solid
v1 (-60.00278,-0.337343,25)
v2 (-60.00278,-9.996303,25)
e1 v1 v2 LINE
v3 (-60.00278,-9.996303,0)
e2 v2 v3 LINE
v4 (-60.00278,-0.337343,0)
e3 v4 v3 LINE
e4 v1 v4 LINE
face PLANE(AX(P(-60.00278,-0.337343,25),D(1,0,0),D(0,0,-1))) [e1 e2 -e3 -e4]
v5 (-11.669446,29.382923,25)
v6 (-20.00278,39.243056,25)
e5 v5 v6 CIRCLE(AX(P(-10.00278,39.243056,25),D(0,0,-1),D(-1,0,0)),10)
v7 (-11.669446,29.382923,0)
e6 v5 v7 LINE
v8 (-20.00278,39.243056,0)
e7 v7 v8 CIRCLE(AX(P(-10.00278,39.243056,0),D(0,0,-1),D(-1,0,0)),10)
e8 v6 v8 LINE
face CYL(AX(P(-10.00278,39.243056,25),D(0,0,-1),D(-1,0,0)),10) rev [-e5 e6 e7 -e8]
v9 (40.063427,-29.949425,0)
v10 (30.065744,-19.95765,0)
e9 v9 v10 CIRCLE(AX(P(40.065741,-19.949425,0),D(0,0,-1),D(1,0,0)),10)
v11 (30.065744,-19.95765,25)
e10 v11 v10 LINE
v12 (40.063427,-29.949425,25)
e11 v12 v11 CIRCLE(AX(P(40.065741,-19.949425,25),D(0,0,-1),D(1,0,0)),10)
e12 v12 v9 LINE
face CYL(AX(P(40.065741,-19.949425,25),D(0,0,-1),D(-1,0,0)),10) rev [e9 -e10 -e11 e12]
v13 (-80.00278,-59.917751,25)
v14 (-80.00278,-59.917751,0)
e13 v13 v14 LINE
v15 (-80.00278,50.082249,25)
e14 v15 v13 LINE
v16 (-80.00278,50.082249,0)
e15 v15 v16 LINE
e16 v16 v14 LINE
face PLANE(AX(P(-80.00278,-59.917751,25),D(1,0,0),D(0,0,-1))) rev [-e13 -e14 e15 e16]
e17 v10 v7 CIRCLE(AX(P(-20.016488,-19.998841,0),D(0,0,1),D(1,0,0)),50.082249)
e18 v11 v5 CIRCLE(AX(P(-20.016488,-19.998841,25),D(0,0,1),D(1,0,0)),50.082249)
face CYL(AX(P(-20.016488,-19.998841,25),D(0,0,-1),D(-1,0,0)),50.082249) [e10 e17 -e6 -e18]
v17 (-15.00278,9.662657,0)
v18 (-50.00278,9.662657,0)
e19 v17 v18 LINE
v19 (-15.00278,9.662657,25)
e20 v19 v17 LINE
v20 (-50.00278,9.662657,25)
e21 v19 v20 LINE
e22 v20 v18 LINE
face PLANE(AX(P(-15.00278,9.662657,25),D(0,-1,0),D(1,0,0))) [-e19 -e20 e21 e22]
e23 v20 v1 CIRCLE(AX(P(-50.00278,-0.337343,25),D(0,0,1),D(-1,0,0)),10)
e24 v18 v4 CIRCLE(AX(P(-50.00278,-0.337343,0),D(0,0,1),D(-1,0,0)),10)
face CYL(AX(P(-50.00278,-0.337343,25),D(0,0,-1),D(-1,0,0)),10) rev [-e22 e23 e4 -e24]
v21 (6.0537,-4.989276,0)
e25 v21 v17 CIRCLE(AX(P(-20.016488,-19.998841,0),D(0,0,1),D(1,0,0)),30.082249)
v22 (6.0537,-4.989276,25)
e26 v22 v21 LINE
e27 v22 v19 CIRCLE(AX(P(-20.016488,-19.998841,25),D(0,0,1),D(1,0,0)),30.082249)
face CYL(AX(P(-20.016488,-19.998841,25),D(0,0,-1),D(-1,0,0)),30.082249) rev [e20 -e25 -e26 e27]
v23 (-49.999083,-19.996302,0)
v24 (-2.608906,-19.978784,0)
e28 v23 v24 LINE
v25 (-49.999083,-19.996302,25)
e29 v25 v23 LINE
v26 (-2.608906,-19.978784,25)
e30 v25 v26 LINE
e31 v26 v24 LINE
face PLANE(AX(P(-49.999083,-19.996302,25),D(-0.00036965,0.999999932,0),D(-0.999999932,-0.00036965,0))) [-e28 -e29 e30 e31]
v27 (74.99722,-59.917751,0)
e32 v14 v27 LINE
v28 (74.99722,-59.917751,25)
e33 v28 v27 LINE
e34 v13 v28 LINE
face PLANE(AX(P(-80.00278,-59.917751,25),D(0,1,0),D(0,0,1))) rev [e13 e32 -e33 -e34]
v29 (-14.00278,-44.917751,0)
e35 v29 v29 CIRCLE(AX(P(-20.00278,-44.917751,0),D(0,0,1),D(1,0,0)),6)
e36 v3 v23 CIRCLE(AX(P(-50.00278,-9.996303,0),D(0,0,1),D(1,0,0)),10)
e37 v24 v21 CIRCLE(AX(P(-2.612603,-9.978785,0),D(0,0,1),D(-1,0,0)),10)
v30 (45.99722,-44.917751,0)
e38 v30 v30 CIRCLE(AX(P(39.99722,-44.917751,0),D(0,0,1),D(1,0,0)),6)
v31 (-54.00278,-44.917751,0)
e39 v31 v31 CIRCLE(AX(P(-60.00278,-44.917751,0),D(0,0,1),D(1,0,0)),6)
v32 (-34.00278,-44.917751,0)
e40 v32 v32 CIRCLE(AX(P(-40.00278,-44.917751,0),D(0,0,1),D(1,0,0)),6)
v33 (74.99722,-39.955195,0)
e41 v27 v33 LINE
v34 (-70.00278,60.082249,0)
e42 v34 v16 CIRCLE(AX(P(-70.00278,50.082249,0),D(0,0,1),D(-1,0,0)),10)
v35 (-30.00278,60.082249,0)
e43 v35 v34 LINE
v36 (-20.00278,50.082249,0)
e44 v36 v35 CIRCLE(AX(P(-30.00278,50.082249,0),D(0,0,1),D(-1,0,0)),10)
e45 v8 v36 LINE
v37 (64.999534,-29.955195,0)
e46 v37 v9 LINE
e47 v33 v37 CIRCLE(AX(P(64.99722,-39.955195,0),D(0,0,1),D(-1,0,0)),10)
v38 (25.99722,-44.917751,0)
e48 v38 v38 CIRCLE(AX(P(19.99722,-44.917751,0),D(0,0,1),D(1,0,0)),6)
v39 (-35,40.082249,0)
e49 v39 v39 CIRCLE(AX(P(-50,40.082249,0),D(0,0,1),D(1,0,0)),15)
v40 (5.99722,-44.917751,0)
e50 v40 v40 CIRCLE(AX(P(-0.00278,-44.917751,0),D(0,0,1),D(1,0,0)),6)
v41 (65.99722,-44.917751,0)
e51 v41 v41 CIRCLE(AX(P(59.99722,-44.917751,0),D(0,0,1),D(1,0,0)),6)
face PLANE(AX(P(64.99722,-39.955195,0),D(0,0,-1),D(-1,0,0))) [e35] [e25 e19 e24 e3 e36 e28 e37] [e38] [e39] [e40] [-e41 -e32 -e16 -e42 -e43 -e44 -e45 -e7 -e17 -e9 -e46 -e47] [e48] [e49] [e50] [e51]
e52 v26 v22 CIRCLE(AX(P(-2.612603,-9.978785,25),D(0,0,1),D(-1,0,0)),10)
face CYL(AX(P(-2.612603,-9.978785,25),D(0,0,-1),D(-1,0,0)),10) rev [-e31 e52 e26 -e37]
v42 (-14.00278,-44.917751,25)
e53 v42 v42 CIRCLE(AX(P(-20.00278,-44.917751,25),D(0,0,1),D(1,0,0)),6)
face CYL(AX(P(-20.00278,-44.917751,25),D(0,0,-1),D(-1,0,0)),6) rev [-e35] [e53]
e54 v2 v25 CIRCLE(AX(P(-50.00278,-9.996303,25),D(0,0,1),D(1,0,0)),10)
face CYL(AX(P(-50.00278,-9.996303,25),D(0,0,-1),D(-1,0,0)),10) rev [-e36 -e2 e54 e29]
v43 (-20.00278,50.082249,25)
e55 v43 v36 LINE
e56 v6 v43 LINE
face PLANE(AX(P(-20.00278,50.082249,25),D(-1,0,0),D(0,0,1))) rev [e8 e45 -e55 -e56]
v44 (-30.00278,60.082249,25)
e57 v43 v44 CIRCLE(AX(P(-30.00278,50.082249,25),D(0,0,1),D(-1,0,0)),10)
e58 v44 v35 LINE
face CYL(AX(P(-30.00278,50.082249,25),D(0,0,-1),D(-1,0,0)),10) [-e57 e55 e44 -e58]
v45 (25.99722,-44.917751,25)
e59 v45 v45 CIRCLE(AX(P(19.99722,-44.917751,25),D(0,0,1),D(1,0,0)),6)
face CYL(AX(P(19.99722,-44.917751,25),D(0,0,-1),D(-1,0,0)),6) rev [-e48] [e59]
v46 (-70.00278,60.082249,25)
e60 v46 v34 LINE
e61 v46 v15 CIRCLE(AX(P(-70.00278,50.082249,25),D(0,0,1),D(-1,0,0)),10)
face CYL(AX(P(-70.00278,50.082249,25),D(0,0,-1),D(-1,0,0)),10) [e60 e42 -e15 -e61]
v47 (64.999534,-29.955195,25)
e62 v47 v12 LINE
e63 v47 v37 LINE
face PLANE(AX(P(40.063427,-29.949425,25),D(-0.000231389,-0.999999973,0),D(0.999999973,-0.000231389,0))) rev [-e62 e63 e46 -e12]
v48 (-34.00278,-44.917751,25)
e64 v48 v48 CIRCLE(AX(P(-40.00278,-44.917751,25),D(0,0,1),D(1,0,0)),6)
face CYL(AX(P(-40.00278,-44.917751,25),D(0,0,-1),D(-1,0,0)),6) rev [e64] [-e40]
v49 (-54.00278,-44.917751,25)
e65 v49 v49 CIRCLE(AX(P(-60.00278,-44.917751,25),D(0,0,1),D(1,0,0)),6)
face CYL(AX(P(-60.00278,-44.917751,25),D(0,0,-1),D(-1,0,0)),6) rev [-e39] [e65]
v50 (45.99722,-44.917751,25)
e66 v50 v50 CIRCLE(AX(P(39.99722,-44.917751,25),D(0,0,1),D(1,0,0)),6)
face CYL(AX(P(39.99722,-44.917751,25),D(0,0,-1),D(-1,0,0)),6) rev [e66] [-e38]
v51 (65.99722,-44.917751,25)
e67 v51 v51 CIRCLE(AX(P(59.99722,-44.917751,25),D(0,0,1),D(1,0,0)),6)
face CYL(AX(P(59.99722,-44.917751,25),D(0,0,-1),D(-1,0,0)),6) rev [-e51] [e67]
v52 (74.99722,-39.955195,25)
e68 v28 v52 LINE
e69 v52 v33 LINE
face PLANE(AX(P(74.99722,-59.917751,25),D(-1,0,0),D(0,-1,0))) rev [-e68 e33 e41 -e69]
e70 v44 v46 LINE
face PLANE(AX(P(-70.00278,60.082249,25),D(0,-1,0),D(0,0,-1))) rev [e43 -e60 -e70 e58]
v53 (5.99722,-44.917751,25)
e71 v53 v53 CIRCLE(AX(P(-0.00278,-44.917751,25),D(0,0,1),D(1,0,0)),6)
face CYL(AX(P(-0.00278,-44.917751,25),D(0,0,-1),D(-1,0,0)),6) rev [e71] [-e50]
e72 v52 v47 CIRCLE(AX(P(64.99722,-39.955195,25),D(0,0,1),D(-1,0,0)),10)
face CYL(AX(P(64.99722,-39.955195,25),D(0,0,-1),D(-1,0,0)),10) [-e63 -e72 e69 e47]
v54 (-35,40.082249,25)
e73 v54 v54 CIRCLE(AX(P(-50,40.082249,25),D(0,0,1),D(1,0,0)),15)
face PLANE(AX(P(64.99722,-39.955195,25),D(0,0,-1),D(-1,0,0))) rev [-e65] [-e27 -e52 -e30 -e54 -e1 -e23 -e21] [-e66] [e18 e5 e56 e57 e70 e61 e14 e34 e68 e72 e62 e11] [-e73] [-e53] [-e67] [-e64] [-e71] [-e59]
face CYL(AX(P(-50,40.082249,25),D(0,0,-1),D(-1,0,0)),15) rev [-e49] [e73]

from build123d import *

# Parameters (mm, degrees)
SKETCH1_R           = 15
SKETCH1_R_2         = 6
BOSS_EXTRUDE1_DEPTH = 25


with BuildPart() as part:
    # Sketch1 → Boss-Extrude1 (new body)
    with BuildSketch(Plane.XY):
        with BuildLine():
            Line((40.063427207, -29.949425047), (64.999534256, -29.955194996))
            ThreePointArc((64.999534256, -29.955194996), (72.069106212, -32.884945049), (74.997220362, -39.955194729))
            Line((74.997220362, -39.955194729), (74.997220362, -59.917750729))
            Line((74.997220362, -59.917750729), (-80.002779638, -59.917750729))
            Line((-80.002779638, -59.917750729), (-80.002779638, 50.082249271))
            ThreePointArc((-80.002779638, 50.082249271), (-77.073847449, 57.153317083), (-70.002779638, 60.082249271))
            Line((-70.002779638, 60.082249271), (-30.002779638, 60.082249271))
            ThreePointArc((-30.002779638, 60.082249271), (-22.931711826, 57.153317083), (-20.002779638, 50.082249271))
            Line((-20.002779638, 50.082249271), (-20.002779638, 39.24305603))
            ThreePointArc((-20.002779638, 39.24305603), (-17.640405796, 32.788083786), (-11.669446304, 29.382923058))
            ThreePointArc((-11.669446304, 29.382923058), (18.22116437, 12.344839461), (30.065744482, -19.957649933))
            ThreePointArc((30.065744482, -19.957649933), (32.996763354, -27.022582575), (40.063427207, -29.949425047))
        make_face()
        with Locations((-50, 40.082249271)):
            Circle(SKETCH1_R, mode=Mode.SUBTRACT)
        with Locations((-60.002779638, -44.917750729)):
            Circle(SKETCH1_R_2, mode=Mode.SUBTRACT)
        with Locations((-40.002779638, -44.917750729)):
            Circle(SKETCH1_R_2, mode=Mode.SUBTRACT)
        with Locations((-20.002779638, -44.917750729)):
            Circle(SKETCH1_R_2, mode=Mode.SUBTRACT)
        with Locations((-0.002779638, -44.917750729)):
            Circle(SKETCH1_R_2, mode=Mode.SUBTRACT)
        with Locations((19.997220362, -44.917750729)):
            Circle(SKETCH1_R_2, mode=Mode.SUBTRACT)
        with Locations((39.997220362, -44.917750729)):
            Circle(SKETCH1_R_2, mode=Mode.SUBTRACT)
        with Locations((59.997220362, -44.917750729)):
            Circle(SKETCH1_R_2, mode=Mode.SUBTRACT)
        with BuildLine():
            Line((-15.002779638, 9.662657115), (-50.002779638, 9.662657115))
            ThreePointArc((-50.002779638, 9.662657115), (-57.073847449, 6.733724927), (-60.002779638, -0.337342885))
            Line((-60.002779638, -0.337342885), (-60.002779638, -9.996302817))
            ThreePointArc((-60.002779638, -9.996302817), (-57.072540419, -17.068677418), (-49.999083138, -19.996302134))
            Line((-49.999083138, -19.996302134), (-2.608906127, -19.978784358))
            ThreePointArc((-2.608906127, -19.978784358), (6.045547234, -14.982427813), (6.053700131, -4.989276396))
            ThreePointArc((6.053700131, -4.989276396), (-2.834464117, 4.693663889), (-15.002779638, 9.662657115))
        make_face(mode=Mode.SUBTRACT)
    extrude(amount=BOSS_EXTRUDE1_DEPTH)


solid = part.part
